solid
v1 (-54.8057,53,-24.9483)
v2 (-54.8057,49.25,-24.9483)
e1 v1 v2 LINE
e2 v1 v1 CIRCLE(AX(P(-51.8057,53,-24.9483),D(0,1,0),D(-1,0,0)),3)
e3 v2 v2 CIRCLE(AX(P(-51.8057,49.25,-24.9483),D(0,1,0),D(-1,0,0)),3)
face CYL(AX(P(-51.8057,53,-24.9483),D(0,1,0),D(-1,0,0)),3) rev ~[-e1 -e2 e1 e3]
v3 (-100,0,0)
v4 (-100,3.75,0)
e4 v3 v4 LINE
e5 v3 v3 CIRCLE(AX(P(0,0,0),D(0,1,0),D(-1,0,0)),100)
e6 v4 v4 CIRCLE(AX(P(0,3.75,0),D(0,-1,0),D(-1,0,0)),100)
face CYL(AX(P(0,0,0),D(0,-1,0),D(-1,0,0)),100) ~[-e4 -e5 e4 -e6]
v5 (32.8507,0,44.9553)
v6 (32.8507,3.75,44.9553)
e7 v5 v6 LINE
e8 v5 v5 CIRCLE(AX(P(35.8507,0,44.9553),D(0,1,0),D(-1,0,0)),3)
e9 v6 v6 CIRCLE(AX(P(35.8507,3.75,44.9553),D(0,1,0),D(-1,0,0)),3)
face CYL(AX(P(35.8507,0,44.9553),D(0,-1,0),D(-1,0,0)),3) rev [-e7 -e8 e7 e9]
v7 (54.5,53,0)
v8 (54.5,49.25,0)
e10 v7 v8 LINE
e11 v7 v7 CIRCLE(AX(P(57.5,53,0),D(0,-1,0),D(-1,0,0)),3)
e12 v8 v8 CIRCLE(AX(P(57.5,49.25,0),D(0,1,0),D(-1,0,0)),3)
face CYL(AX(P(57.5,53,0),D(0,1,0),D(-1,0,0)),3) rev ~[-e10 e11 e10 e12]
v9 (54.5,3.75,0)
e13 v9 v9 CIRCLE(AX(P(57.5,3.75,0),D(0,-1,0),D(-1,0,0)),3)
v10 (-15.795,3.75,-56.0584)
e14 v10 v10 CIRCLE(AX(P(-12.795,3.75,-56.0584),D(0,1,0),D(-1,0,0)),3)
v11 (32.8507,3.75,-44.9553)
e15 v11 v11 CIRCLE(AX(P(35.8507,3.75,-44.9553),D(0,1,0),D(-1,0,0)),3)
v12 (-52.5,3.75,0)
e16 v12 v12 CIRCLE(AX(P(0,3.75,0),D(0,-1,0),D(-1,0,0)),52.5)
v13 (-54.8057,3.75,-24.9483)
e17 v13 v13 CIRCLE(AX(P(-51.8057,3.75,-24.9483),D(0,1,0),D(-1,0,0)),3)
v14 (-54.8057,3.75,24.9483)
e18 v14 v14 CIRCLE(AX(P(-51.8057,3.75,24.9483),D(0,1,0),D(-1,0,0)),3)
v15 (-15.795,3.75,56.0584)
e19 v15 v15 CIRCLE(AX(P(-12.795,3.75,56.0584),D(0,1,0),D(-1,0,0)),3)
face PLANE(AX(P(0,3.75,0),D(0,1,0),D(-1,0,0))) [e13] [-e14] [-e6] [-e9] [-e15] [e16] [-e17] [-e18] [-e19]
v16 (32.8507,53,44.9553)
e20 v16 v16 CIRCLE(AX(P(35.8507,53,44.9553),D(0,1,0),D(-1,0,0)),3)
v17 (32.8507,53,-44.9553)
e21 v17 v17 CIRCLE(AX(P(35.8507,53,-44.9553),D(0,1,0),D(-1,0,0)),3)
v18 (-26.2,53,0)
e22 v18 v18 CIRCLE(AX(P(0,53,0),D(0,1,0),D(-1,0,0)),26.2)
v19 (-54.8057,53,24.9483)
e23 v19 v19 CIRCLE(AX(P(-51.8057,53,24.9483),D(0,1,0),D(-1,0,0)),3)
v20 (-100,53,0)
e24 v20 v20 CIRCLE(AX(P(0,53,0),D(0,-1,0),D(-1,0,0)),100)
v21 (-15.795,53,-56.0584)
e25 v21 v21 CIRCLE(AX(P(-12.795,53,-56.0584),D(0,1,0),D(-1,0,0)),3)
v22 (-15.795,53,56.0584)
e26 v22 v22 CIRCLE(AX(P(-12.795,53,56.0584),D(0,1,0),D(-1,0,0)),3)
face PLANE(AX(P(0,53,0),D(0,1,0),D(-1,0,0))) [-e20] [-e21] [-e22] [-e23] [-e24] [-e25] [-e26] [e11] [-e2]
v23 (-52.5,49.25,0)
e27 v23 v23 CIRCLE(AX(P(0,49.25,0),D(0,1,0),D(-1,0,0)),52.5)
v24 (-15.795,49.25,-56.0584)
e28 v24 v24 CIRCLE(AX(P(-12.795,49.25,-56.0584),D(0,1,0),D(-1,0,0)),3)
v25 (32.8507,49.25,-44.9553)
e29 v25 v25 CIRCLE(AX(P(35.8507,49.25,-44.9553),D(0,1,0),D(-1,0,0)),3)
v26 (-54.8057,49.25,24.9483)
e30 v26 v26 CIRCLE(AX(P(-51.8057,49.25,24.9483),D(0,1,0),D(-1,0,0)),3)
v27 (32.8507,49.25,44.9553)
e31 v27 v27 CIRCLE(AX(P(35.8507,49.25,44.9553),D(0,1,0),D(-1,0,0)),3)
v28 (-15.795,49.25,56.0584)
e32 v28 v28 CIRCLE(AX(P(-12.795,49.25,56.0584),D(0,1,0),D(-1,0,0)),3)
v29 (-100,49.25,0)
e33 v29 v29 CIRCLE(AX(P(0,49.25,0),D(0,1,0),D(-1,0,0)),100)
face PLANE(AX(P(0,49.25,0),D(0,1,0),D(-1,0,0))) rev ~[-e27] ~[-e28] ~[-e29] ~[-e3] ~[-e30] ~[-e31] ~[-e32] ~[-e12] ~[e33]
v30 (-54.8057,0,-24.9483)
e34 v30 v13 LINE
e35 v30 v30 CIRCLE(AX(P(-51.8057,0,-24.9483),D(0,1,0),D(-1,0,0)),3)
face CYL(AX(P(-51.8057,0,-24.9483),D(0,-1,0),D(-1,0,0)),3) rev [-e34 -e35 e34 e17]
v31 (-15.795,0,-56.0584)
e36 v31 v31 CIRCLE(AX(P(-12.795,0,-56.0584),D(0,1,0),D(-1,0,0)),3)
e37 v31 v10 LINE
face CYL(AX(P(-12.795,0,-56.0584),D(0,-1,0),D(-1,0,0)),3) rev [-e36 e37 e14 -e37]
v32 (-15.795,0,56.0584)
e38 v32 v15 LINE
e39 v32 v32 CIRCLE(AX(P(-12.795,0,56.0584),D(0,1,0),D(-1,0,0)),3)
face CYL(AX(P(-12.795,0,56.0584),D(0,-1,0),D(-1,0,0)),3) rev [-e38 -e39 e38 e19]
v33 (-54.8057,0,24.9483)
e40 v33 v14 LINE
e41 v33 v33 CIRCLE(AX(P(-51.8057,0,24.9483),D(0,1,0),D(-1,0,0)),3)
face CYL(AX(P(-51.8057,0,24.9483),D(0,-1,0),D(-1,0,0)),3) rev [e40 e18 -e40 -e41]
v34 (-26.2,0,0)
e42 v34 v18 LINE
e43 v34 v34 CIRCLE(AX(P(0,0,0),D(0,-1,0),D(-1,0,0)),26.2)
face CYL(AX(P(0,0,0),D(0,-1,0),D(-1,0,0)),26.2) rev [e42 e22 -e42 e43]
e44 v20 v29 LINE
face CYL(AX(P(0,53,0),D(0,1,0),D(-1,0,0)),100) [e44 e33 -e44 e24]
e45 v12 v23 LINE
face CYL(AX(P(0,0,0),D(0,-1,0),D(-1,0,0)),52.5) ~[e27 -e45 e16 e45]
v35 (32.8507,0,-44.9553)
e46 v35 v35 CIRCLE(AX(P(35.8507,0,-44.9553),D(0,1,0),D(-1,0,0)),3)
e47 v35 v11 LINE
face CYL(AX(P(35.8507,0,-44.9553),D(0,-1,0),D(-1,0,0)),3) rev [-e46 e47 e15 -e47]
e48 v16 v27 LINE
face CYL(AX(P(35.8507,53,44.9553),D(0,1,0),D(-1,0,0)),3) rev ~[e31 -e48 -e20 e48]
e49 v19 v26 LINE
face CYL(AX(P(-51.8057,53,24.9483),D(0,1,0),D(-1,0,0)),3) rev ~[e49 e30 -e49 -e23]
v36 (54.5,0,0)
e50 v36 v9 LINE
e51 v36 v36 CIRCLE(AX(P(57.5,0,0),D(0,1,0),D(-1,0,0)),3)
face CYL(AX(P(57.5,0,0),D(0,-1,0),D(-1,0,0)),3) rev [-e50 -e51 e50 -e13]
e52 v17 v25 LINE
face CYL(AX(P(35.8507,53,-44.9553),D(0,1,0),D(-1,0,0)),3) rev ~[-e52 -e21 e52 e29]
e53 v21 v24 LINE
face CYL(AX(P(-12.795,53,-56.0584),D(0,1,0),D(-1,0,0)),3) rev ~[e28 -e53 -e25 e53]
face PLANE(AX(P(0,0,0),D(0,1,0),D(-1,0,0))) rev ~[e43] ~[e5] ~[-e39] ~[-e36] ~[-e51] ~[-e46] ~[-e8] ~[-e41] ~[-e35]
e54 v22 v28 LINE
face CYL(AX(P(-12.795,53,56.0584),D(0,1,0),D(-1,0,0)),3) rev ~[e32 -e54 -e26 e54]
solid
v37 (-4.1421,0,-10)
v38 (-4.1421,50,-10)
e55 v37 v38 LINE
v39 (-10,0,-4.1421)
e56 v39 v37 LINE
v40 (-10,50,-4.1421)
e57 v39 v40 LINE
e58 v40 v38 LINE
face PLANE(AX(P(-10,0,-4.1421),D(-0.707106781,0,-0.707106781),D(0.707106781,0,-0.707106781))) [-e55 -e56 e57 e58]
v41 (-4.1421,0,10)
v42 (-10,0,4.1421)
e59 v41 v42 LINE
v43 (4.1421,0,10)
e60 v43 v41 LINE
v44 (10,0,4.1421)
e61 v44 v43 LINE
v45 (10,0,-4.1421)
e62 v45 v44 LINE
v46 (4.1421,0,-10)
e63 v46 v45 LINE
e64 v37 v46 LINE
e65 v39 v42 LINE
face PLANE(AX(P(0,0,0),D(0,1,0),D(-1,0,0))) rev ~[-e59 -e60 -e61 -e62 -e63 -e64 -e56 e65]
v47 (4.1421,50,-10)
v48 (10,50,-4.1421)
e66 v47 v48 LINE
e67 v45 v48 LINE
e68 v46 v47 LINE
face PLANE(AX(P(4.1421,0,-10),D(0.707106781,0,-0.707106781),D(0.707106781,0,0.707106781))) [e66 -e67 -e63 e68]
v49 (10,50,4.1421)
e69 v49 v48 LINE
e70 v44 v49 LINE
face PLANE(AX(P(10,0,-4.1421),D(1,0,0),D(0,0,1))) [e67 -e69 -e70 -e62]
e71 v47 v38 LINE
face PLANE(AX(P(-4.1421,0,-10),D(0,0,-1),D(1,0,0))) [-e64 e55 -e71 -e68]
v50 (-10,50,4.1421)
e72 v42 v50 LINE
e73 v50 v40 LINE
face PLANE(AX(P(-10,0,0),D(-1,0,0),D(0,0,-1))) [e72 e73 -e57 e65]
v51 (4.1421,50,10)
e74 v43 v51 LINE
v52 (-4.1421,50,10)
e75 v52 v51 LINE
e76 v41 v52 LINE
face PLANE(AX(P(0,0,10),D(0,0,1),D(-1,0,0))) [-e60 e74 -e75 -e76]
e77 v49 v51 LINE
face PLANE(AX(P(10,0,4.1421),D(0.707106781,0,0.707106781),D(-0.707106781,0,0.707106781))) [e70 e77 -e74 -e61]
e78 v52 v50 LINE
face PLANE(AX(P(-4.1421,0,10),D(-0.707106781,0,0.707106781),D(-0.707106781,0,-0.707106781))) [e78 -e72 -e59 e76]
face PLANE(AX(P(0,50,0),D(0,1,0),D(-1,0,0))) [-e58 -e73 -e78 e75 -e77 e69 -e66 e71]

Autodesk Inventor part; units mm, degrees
ref_plane "YZ Plane" through (0, 0, 0) normal (1, 0, 0) x (0, 1, 0)
ref_plane "XZ Plane" through (0, 0, 0) normal (0, 1, 0) x (-1, 0, 0)
ref_plane "XY Plane" through (0, 0, 0) normal (0, 0, 1) x (1, 0, 0)
sketch "Sketch1" plane through (0, 0, 0) normal (0, 1, 0) x (-1, 0, 0)
  circle A0 centre (0, 0) radius 52.5
  circle A1 centre (0, 0) radius 100
  circle A2 centre (0, 0) radius 26.2
  circle A3 centre (-57.5, 0) radius 3
  line L0 (140, 0) -> (-140, 0) projected
  circle A4 centre (-35.8507, -44.9553) radius 3
  circle A5 centre (12.795, -56.0584) radius 3
  circle A6 centre (51.8057, -24.9483) radius 3
  circle A7 centre (51.8057, 24.9483) radius 3
  circle A8 centre (12.795, 56.0584) radius 3
  circle A9 centre (-35.8507, 44.9553) radius 3
  line L1 (-10, -4.1421) -> (-10, 4.1421)
  line L2 (-10, 4.1421) -> (-4.1421, 10)
  line L3 (-4.1421, 10) -> (4.1421, 10)
  line L4 (4.1421, 10) -> (10, 4.1421)
  line L5 (10, 4.1421) -> (10, -4.1421)
  line L6 (10, -4.1421) -> (4.1421, -10)
  line L7 (4.1421, -10) -> (-4.1421, -10)
  line L8 (-4.1421, -10) -> (-10, -4.1421)
  line L9 (0, -140) -> (0, 140) projected
  dimension "d0" = 105
  dimension "d1" = 200
  dimension "d8" = 52.4
  dimension "d9" = 6
  dimension "d10" = 57.5
  dimension "d13" = 360
  dimension "d15" = 20
extrude "Extrusion1" add sketch "Sketch1" along normal blind 3.75 contours L0 A1 L9 A0 | A0 L9 A1 L0 | A0 L0 A3 A1 L9 | L9 A1 L0 A3 A0
extrude "Extrusion2" add sketch "Sketch1" along normal blind 53 contours L0 A2 L9 A0 | A0 L9 A2 L0 | L9 A2 L0 A0 | A0 L0 A2 L9
extrude "Extrusion3" add sketch "Sketch1" against normal blind 3.75 from surface at 53 contours L0 A1 L9 A0 | A0 L9 A1 L0 | A0 L0 A3 A1 L9 | L9 A1 L0 A3 A0
extrude "Extrusion4" add sketch "Sketch1" along normal blind 50 contours L5 L6 L7 L9 L0 | L0 L9 L3 L4 L5 | L9 L0 L1 L2 L3 | L7 L8 L1 L0 L9
properties part number "spool"
